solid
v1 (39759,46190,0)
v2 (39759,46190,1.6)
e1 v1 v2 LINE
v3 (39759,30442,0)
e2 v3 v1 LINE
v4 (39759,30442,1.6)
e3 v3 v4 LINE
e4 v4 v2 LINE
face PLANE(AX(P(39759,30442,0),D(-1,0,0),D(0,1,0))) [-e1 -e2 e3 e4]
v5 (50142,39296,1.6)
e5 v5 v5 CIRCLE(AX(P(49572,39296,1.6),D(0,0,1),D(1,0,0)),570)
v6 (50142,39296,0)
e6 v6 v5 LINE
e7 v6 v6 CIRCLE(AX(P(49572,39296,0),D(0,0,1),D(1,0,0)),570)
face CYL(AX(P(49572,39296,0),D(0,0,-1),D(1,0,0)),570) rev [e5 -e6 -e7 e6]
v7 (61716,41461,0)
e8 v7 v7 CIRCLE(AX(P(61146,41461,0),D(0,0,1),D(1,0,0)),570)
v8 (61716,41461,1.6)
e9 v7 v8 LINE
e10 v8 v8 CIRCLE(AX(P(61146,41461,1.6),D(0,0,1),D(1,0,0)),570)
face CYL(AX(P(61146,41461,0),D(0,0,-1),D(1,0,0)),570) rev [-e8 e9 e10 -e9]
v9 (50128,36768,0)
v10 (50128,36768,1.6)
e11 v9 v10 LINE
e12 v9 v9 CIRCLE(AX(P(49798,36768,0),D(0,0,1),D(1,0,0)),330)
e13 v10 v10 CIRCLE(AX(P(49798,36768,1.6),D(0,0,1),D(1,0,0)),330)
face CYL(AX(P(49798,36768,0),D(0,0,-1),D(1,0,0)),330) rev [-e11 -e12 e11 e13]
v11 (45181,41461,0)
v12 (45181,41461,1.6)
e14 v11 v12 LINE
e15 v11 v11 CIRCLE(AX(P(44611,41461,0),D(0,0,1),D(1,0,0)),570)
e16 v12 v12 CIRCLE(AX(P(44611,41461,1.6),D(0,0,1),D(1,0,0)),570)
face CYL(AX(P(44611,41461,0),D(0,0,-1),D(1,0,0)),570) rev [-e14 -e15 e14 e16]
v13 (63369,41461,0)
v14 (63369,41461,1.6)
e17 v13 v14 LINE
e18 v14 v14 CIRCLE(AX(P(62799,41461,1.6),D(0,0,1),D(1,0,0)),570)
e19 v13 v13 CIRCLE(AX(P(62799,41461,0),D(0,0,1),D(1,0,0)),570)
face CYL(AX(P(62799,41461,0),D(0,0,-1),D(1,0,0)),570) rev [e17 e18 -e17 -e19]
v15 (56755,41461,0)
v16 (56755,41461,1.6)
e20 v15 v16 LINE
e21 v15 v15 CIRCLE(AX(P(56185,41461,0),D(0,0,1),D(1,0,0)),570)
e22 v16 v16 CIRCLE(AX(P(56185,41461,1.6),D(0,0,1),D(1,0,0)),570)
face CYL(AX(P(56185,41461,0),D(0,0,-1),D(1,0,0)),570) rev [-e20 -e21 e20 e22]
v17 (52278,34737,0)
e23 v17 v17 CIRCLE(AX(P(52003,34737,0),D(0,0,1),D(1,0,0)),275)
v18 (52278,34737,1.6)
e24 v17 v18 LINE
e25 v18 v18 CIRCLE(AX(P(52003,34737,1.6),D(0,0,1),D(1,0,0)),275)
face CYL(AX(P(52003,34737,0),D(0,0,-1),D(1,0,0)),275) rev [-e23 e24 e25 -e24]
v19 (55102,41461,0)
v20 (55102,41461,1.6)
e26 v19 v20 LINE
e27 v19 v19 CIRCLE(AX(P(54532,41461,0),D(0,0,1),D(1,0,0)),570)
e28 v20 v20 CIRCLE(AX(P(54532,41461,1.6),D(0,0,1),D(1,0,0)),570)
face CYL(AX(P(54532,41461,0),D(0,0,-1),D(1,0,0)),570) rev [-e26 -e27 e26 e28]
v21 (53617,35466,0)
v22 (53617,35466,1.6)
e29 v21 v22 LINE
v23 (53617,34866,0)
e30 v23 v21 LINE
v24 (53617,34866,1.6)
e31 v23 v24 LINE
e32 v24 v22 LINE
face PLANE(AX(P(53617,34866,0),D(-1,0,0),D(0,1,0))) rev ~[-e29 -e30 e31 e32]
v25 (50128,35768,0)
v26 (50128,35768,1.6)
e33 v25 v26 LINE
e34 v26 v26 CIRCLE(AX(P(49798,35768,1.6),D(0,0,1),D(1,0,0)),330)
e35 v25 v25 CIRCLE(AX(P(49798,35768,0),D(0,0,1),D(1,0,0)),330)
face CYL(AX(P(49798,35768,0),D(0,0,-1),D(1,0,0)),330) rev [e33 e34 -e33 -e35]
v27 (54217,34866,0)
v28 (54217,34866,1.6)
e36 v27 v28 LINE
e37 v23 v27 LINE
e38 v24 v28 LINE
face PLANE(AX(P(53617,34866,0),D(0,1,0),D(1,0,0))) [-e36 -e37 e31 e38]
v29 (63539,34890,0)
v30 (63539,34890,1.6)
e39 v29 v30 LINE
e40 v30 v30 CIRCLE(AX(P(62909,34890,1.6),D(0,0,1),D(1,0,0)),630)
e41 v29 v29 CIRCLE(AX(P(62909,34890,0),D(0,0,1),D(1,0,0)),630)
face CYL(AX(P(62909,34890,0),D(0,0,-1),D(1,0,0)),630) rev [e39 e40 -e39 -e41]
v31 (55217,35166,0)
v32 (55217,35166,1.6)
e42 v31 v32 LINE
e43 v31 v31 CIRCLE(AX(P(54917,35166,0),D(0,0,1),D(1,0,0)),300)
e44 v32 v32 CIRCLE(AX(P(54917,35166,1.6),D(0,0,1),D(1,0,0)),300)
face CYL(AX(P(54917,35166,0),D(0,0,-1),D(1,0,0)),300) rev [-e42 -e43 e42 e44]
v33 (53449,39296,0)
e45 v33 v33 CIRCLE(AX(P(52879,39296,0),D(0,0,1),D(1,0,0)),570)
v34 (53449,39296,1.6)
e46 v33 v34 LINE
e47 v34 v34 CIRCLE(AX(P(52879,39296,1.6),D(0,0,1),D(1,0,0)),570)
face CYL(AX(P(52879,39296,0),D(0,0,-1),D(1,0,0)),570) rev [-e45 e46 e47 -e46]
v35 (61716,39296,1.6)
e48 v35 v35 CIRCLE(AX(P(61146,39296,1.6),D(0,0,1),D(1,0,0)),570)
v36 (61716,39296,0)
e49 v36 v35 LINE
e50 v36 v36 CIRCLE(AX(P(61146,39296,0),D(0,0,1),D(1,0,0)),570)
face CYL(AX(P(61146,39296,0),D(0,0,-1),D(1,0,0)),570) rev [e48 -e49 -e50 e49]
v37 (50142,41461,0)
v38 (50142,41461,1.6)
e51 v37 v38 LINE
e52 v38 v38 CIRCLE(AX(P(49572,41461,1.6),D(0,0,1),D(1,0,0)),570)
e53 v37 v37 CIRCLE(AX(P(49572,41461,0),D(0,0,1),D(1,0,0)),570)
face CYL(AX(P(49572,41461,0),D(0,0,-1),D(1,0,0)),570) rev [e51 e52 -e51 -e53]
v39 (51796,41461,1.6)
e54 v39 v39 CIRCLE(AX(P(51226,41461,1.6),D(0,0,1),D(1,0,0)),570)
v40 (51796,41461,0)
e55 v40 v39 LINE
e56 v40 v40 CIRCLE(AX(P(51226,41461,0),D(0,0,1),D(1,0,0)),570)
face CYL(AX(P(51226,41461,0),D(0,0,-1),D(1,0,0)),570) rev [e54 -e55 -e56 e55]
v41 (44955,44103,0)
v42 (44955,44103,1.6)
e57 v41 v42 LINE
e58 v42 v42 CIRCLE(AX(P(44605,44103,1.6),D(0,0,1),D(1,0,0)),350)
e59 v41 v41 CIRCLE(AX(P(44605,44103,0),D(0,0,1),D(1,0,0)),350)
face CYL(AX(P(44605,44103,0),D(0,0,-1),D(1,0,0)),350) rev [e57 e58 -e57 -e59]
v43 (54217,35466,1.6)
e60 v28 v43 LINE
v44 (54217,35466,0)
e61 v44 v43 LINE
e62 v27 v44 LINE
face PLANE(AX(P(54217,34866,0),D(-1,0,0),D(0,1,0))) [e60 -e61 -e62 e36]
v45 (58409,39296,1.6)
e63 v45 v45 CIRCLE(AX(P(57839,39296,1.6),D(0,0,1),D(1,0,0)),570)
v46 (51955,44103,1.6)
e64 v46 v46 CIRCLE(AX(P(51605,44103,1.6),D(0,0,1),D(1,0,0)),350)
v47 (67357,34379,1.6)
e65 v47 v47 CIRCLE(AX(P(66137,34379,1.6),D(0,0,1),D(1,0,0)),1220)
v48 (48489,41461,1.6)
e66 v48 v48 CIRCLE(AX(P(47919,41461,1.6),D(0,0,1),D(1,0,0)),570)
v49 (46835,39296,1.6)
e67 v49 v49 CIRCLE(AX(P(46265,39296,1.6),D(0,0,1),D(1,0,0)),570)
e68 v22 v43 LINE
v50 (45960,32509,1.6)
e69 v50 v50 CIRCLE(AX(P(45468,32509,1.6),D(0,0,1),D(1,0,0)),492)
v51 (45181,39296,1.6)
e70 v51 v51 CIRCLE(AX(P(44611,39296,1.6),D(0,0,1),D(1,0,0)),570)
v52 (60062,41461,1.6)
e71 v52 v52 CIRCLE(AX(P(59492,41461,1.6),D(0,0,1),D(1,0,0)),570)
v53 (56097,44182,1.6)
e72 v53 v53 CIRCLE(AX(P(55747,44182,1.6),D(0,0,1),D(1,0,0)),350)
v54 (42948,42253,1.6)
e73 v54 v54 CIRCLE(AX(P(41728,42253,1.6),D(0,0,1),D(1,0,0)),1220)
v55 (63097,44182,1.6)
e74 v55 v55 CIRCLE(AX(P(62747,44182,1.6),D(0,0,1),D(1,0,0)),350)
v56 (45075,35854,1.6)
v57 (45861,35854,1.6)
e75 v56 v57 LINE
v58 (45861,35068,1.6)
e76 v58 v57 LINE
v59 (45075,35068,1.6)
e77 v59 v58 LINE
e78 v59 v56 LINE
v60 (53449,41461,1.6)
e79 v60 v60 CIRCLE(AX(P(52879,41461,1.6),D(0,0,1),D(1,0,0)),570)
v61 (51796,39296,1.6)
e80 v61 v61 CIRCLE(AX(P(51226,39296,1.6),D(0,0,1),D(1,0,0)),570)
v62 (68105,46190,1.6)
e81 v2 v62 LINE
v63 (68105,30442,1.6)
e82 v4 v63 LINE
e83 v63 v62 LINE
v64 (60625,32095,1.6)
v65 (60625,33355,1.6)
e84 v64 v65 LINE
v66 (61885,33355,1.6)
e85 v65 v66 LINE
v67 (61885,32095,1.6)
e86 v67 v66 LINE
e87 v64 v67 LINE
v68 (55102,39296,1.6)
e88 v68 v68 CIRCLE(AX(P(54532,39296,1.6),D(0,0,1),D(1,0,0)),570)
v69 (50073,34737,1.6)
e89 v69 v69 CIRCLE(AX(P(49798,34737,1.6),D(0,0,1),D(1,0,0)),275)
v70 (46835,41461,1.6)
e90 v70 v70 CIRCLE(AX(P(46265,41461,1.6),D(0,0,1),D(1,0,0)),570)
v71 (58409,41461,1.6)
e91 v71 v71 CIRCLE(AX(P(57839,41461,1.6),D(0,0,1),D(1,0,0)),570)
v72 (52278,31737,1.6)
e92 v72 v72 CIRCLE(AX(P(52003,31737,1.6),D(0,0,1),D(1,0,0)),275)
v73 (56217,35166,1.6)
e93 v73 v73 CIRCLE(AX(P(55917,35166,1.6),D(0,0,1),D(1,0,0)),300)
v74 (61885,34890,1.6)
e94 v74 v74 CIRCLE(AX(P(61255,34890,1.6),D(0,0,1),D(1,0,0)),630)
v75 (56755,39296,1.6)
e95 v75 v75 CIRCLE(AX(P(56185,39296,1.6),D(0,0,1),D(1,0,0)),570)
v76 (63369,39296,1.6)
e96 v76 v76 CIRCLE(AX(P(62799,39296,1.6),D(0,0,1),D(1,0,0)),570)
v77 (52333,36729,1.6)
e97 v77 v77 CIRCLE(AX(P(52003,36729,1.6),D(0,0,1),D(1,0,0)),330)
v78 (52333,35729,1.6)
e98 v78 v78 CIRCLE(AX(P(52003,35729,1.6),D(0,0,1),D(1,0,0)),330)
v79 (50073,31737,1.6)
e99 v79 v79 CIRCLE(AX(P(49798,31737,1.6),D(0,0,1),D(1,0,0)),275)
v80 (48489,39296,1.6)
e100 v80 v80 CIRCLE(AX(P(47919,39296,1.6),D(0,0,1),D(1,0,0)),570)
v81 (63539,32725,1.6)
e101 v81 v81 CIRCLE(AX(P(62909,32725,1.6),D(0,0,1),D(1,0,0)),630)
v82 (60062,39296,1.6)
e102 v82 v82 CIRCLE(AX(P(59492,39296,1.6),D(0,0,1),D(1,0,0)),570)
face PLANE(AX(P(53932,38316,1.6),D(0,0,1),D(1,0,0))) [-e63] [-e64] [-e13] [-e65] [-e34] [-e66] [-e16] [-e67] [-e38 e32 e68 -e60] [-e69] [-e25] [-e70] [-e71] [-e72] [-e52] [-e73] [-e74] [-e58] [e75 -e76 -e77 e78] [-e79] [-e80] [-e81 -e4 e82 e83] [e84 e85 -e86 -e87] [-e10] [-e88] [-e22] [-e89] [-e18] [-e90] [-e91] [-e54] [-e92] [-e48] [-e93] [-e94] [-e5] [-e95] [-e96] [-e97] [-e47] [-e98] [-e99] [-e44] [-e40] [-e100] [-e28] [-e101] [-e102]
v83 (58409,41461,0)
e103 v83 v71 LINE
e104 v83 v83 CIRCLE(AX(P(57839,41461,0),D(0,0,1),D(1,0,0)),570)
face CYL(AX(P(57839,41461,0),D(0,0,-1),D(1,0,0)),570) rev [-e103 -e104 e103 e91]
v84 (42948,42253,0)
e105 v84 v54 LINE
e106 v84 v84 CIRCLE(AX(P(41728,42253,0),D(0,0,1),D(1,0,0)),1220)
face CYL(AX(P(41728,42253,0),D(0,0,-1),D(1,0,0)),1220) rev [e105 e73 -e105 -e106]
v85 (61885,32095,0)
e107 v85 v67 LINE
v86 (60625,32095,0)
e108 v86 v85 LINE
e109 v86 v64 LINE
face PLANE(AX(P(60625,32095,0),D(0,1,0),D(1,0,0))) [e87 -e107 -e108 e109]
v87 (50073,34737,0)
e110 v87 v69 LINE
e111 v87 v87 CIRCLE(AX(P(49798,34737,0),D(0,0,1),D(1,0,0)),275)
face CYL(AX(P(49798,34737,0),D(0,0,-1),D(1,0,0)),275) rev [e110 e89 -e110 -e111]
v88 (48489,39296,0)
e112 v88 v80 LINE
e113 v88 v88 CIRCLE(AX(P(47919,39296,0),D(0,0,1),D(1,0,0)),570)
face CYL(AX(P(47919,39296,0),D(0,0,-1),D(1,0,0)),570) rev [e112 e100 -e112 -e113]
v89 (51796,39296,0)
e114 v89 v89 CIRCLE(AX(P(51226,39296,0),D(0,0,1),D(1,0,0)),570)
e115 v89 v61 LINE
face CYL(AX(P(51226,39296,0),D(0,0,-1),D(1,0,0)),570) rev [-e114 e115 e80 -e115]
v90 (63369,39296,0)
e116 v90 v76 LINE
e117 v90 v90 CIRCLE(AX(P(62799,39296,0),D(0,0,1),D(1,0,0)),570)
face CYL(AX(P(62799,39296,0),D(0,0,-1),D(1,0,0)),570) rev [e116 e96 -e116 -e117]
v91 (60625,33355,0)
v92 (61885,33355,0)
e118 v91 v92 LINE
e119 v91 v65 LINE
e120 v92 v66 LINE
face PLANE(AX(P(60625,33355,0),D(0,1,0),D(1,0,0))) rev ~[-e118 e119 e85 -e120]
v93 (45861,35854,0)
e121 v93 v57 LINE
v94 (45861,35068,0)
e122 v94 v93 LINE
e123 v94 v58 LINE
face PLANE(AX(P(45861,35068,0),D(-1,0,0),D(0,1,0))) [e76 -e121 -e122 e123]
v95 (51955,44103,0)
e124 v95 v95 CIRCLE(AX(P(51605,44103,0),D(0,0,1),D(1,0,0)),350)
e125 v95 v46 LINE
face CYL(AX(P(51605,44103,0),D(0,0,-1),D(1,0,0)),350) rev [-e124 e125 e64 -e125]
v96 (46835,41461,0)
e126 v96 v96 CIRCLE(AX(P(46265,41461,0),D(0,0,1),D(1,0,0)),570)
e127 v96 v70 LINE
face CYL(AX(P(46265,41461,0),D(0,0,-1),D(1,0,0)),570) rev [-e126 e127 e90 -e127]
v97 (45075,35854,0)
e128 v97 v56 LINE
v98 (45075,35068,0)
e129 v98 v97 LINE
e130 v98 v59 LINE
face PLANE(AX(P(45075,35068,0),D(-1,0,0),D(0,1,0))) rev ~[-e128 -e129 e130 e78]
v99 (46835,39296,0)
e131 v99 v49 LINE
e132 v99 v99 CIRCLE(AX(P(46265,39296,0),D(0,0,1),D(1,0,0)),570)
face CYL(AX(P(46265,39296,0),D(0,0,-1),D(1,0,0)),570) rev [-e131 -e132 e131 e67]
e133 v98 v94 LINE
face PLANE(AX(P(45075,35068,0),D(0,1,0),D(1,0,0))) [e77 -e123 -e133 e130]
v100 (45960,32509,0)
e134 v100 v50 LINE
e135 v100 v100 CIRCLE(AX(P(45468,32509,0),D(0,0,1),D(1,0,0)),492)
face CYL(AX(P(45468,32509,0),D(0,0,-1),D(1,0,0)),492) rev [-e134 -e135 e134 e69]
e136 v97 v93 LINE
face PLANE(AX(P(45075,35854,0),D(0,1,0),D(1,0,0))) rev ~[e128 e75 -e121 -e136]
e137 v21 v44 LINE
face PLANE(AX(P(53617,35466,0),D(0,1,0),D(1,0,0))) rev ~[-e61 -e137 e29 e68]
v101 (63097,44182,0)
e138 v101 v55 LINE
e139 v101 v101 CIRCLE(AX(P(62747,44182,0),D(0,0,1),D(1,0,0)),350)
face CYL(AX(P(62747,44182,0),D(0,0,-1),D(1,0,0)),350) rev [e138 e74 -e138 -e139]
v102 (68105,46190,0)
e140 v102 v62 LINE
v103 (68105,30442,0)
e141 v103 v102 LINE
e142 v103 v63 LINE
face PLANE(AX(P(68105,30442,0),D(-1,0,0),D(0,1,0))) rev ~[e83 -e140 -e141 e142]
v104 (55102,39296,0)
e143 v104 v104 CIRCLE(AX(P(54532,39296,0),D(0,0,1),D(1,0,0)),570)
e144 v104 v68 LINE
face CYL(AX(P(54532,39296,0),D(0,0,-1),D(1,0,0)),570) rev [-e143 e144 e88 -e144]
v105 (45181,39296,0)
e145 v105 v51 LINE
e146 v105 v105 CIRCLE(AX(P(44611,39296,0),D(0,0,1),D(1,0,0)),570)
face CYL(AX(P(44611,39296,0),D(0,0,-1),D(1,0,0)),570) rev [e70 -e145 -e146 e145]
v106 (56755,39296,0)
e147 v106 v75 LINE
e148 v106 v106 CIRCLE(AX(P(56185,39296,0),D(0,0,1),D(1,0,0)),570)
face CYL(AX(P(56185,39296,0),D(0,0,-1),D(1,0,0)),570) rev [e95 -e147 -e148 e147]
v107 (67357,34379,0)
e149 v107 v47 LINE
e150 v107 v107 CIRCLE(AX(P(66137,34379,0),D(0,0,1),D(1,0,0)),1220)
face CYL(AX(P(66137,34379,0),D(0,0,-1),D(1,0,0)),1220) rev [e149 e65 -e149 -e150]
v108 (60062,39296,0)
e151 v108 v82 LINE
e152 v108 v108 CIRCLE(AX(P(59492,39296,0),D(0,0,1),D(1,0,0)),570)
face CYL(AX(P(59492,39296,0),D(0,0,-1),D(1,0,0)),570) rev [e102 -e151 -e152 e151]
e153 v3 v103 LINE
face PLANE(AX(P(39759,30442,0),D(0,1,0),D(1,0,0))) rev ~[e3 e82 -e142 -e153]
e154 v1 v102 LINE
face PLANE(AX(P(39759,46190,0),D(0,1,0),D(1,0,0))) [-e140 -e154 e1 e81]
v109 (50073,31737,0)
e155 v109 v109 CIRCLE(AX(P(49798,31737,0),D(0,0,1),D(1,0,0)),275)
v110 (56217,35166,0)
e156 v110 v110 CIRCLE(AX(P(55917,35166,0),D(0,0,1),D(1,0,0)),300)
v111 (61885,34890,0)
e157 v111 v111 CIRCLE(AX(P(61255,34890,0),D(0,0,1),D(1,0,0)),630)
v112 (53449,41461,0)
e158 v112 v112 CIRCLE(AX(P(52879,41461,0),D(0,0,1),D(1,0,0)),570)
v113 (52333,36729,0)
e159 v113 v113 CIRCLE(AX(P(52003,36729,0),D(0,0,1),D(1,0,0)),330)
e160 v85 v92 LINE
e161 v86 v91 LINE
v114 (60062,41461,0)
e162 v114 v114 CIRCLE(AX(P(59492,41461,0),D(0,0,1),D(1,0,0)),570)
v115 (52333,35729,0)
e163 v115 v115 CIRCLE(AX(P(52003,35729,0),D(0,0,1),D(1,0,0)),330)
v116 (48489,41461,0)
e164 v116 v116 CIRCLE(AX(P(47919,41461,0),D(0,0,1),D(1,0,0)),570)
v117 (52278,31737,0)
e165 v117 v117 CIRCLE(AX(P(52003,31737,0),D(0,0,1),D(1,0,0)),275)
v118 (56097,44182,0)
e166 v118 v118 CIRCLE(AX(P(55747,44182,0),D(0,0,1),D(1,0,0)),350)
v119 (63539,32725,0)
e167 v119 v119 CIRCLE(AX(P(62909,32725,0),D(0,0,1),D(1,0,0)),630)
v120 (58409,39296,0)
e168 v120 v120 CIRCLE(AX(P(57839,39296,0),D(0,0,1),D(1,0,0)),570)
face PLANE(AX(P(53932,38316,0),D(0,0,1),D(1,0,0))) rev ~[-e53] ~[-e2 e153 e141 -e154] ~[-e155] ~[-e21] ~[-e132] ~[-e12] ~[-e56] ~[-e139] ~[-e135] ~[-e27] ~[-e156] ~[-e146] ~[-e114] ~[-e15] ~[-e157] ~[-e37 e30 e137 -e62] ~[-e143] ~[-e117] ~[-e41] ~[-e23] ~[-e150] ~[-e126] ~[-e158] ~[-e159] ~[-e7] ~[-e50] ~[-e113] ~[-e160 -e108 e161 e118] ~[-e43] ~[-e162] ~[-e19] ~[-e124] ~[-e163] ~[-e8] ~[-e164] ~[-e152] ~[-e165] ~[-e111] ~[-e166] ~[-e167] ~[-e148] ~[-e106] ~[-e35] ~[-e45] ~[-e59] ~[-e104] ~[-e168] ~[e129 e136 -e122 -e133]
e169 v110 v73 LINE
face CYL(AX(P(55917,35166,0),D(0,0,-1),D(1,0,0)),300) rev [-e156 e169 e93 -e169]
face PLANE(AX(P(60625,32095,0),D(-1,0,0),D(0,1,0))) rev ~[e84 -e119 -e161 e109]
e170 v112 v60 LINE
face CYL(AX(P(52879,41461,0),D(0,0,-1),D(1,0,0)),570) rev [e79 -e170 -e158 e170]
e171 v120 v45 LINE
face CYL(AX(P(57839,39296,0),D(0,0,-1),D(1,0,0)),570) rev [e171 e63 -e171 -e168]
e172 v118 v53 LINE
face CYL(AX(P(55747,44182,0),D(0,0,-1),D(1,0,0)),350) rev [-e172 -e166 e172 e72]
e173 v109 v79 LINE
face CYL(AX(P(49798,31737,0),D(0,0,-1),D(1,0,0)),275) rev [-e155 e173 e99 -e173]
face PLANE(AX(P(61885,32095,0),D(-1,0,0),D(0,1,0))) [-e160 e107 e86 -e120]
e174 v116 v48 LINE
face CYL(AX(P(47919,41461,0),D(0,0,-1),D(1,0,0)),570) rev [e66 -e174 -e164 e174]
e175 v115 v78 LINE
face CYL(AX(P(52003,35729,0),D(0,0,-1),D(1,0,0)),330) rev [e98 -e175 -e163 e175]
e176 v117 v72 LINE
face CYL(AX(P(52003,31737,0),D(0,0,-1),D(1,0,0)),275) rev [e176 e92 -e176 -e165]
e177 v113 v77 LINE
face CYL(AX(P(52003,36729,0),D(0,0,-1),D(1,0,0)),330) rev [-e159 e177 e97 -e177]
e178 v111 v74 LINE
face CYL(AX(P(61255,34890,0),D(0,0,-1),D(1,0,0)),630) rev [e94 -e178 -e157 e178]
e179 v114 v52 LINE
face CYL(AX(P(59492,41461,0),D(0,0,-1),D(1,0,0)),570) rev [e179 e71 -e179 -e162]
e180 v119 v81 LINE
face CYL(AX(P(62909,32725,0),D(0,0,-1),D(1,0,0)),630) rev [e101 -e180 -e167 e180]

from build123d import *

# Parameters (mm, degrees)
SKETCH1_W           = 28346
SKETCH1_H           = 15748
SKETCH1_R           = 300
SKETCH1_R_2         = 570
SKETCH1_R_3         = 350
SKETCH1_R_4         = 275
SKETCH1_R_5         = 330
SKETCH1_R_6         = 492
SKETCH1_R_7         = 1220
SKETCH1_R_8         = 630
SKETCH1_W_2         = 600
SKETCH1_H_2         = 600
SKETCH1_W_3         = 786
SKETCH1_H_3         = 786
SKETCH1_W_4         = 1260
SKETCH1_H_4         = 1260
BOSS_EXTRUDE1_DEPTH = 1.6


with BuildPart() as part:
    # Sketch1 → Boss-Extrude1 (new body)
    with BuildSketch(Plane.XY):
        with Locations((53932, 38316)):
            Rectangle(SKETCH1_W, SKETCH1_H)
        with Locations((54917, 35166)):
            Circle(SKETCH1_R, mode=Mode.SUBTRACT)
        with Locations((55917, 35166)):
            Circle(SKETCH1_R, mode=Mode.SUBTRACT)
        with Locations((62799, 39296)):
            Circle(SKETCH1_R_2, mode=Mode.SUBTRACT)
        with Locations((61146, 39296)):
            Circle(SKETCH1_R_2, mode=Mode.SUBTRACT)
        with Locations((59492, 39296)):
            Circle(SKETCH1_R_2, mode=Mode.SUBTRACT)
        with Locations((57839, 39296)):
            Circle(SKETCH1_R_2, mode=Mode.SUBTRACT)
        with Locations((56185, 39296)):
            Circle(SKETCH1_R_2, mode=Mode.SUBTRACT)
        with Locations((54532, 39296)):
            Circle(SKETCH1_R_2, mode=Mode.SUBTRACT)
        with Locations((52879, 39296)):
            Circle(SKETCH1_R_2, mode=Mode.SUBTRACT)
        with Locations((51226, 39296)):
            Circle(SKETCH1_R_2, mode=Mode.SUBTRACT)
        with Locations((49572, 39296)):
            Circle(SKETCH1_R_2, mode=Mode.SUBTRACT)
        with Locations((47919, 39296)):
            Circle(SKETCH1_R_2, mode=Mode.SUBTRACT)
        with Locations((46265, 39296)):
            Circle(SKETCH1_R_2, mode=Mode.SUBTRACT)
        with Locations((44611, 39296)):
            Circle(SKETCH1_R_2, mode=Mode.SUBTRACT)
        with Locations((62799, 41461)):
            Circle(SKETCH1_R_2, mode=Mode.SUBTRACT)
        with Locations((61146, 41461)):
            Circle(SKETCH1_R_2, mode=Mode.SUBTRACT)
        with Locations((59492, 41461)):
            Circle(SKETCH1_R_2, mode=Mode.SUBTRACT)
        with Locations((57839, 41461)):
            Circle(SKETCH1_R_2, mode=Mode.SUBTRACT)
        with Locations((56185, 41461)):
            Circle(SKETCH1_R_2, mode=Mode.SUBTRACT)
        with Locations((54532, 41461)):
            Circle(SKETCH1_R_2, mode=Mode.SUBTRACT)
        with Locations((52879, 41461)):
            Circle(SKETCH1_R_2, mode=Mode.SUBTRACT)
        with Locations((51226, 41461)):
            Circle(SKETCH1_R_2, mode=Mode.SUBTRACT)
        with Locations((49572, 41461)):
            Circle(SKETCH1_R_2, mode=Mode.SUBTRACT)
        with Locations((47919, 41461)):
            Circle(SKETCH1_R_2, mode=Mode.SUBTRACT)
        with Locations((46265, 41461)):
            Circle(SKETCH1_R_2, mode=Mode.SUBTRACT)
        with Locations((44611, 41461)):
            Circle(SKETCH1_R_2, mode=Mode.SUBTRACT)
        with Locations((44605, 44103)):
            Circle(SKETCH1_R_3, mode=Mode.SUBTRACT)
        with Locations((51605, 44103)):
            Circle(SKETCH1_R_3, mode=Mode.SUBTRACT)
        with Locations((62747, 44182)):
            Circle(SKETCH1_R_3, mode=Mode.SUBTRACT)
        with Locations((55747, 44182)):
            Circle(SKETCH1_R_3, mode=Mode.SUBTRACT)
        with Locations((52003, 34737)):
            Circle(SKETCH1_R_4, mode=Mode.SUBTRACT)
        with Locations((52003, 31737)):
            Circle(SKETCH1_R_4, mode=Mode.SUBTRACT)
        with Locations((49798, 34737)):
            Circle(SKETCH1_R_4, mode=Mode.SUBTRACT)
        with Locations((49798, 31737)):
            Circle(SKETCH1_R_4, mode=Mode.SUBTRACT)
        with Locations((52003, 36729)):
            Circle(SKETCH1_R_5, mode=Mode.SUBTRACT)
        with Locations((52003, 35729)):
            Circle(SKETCH1_R_5, mode=Mode.SUBTRACT)
        with Locations((49798, 36768)):
            Circle(SKETCH1_R_5, mode=Mode.SUBTRACT)
        with Locations((49798, 35768)):
            Circle(SKETCH1_R_5, mode=Mode.SUBTRACT)
        with Locations((45468, 32509)):
            Circle(SKETCH1_R_6, mode=Mode.SUBTRACT)
        with Locations((41728, 42253)):
            Circle(SKETCH1_R_7, mode=Mode.SUBTRACT)
        with Locations((66137, 34379)):
            Circle(SKETCH1_R_7, mode=Mode.SUBTRACT)
        with Locations((62909, 32725)):
            Circle(SKETCH1_R_8, mode=Mode.SUBTRACT)
        with Locations((61255, 34890)):
            Circle(SKETCH1_R_8, mode=Mode.SUBTRACT)
        with Locations((62909, 34890)):
            Circle(SKETCH1_R_8, mode=Mode.SUBTRACT)
        with Locations((53917, 35166)):
            Rectangle(SKETCH1_W_2, SKETCH1_H_2, mode=Mode.SUBTRACT)
        with Locations((45468, 35461)):
            Rectangle(SKETCH1_W_3, SKETCH1_H_3, mode=Mode.SUBTRACT)
        with Locations((61255, 32725)):
            Rectangle(SKETCH1_W_4, SKETCH1_H_4, mode=Mode.SUBTRACT)
    extrude(amount=BOSS_EXTRUDE1_DEPTH)


solid = part.part
